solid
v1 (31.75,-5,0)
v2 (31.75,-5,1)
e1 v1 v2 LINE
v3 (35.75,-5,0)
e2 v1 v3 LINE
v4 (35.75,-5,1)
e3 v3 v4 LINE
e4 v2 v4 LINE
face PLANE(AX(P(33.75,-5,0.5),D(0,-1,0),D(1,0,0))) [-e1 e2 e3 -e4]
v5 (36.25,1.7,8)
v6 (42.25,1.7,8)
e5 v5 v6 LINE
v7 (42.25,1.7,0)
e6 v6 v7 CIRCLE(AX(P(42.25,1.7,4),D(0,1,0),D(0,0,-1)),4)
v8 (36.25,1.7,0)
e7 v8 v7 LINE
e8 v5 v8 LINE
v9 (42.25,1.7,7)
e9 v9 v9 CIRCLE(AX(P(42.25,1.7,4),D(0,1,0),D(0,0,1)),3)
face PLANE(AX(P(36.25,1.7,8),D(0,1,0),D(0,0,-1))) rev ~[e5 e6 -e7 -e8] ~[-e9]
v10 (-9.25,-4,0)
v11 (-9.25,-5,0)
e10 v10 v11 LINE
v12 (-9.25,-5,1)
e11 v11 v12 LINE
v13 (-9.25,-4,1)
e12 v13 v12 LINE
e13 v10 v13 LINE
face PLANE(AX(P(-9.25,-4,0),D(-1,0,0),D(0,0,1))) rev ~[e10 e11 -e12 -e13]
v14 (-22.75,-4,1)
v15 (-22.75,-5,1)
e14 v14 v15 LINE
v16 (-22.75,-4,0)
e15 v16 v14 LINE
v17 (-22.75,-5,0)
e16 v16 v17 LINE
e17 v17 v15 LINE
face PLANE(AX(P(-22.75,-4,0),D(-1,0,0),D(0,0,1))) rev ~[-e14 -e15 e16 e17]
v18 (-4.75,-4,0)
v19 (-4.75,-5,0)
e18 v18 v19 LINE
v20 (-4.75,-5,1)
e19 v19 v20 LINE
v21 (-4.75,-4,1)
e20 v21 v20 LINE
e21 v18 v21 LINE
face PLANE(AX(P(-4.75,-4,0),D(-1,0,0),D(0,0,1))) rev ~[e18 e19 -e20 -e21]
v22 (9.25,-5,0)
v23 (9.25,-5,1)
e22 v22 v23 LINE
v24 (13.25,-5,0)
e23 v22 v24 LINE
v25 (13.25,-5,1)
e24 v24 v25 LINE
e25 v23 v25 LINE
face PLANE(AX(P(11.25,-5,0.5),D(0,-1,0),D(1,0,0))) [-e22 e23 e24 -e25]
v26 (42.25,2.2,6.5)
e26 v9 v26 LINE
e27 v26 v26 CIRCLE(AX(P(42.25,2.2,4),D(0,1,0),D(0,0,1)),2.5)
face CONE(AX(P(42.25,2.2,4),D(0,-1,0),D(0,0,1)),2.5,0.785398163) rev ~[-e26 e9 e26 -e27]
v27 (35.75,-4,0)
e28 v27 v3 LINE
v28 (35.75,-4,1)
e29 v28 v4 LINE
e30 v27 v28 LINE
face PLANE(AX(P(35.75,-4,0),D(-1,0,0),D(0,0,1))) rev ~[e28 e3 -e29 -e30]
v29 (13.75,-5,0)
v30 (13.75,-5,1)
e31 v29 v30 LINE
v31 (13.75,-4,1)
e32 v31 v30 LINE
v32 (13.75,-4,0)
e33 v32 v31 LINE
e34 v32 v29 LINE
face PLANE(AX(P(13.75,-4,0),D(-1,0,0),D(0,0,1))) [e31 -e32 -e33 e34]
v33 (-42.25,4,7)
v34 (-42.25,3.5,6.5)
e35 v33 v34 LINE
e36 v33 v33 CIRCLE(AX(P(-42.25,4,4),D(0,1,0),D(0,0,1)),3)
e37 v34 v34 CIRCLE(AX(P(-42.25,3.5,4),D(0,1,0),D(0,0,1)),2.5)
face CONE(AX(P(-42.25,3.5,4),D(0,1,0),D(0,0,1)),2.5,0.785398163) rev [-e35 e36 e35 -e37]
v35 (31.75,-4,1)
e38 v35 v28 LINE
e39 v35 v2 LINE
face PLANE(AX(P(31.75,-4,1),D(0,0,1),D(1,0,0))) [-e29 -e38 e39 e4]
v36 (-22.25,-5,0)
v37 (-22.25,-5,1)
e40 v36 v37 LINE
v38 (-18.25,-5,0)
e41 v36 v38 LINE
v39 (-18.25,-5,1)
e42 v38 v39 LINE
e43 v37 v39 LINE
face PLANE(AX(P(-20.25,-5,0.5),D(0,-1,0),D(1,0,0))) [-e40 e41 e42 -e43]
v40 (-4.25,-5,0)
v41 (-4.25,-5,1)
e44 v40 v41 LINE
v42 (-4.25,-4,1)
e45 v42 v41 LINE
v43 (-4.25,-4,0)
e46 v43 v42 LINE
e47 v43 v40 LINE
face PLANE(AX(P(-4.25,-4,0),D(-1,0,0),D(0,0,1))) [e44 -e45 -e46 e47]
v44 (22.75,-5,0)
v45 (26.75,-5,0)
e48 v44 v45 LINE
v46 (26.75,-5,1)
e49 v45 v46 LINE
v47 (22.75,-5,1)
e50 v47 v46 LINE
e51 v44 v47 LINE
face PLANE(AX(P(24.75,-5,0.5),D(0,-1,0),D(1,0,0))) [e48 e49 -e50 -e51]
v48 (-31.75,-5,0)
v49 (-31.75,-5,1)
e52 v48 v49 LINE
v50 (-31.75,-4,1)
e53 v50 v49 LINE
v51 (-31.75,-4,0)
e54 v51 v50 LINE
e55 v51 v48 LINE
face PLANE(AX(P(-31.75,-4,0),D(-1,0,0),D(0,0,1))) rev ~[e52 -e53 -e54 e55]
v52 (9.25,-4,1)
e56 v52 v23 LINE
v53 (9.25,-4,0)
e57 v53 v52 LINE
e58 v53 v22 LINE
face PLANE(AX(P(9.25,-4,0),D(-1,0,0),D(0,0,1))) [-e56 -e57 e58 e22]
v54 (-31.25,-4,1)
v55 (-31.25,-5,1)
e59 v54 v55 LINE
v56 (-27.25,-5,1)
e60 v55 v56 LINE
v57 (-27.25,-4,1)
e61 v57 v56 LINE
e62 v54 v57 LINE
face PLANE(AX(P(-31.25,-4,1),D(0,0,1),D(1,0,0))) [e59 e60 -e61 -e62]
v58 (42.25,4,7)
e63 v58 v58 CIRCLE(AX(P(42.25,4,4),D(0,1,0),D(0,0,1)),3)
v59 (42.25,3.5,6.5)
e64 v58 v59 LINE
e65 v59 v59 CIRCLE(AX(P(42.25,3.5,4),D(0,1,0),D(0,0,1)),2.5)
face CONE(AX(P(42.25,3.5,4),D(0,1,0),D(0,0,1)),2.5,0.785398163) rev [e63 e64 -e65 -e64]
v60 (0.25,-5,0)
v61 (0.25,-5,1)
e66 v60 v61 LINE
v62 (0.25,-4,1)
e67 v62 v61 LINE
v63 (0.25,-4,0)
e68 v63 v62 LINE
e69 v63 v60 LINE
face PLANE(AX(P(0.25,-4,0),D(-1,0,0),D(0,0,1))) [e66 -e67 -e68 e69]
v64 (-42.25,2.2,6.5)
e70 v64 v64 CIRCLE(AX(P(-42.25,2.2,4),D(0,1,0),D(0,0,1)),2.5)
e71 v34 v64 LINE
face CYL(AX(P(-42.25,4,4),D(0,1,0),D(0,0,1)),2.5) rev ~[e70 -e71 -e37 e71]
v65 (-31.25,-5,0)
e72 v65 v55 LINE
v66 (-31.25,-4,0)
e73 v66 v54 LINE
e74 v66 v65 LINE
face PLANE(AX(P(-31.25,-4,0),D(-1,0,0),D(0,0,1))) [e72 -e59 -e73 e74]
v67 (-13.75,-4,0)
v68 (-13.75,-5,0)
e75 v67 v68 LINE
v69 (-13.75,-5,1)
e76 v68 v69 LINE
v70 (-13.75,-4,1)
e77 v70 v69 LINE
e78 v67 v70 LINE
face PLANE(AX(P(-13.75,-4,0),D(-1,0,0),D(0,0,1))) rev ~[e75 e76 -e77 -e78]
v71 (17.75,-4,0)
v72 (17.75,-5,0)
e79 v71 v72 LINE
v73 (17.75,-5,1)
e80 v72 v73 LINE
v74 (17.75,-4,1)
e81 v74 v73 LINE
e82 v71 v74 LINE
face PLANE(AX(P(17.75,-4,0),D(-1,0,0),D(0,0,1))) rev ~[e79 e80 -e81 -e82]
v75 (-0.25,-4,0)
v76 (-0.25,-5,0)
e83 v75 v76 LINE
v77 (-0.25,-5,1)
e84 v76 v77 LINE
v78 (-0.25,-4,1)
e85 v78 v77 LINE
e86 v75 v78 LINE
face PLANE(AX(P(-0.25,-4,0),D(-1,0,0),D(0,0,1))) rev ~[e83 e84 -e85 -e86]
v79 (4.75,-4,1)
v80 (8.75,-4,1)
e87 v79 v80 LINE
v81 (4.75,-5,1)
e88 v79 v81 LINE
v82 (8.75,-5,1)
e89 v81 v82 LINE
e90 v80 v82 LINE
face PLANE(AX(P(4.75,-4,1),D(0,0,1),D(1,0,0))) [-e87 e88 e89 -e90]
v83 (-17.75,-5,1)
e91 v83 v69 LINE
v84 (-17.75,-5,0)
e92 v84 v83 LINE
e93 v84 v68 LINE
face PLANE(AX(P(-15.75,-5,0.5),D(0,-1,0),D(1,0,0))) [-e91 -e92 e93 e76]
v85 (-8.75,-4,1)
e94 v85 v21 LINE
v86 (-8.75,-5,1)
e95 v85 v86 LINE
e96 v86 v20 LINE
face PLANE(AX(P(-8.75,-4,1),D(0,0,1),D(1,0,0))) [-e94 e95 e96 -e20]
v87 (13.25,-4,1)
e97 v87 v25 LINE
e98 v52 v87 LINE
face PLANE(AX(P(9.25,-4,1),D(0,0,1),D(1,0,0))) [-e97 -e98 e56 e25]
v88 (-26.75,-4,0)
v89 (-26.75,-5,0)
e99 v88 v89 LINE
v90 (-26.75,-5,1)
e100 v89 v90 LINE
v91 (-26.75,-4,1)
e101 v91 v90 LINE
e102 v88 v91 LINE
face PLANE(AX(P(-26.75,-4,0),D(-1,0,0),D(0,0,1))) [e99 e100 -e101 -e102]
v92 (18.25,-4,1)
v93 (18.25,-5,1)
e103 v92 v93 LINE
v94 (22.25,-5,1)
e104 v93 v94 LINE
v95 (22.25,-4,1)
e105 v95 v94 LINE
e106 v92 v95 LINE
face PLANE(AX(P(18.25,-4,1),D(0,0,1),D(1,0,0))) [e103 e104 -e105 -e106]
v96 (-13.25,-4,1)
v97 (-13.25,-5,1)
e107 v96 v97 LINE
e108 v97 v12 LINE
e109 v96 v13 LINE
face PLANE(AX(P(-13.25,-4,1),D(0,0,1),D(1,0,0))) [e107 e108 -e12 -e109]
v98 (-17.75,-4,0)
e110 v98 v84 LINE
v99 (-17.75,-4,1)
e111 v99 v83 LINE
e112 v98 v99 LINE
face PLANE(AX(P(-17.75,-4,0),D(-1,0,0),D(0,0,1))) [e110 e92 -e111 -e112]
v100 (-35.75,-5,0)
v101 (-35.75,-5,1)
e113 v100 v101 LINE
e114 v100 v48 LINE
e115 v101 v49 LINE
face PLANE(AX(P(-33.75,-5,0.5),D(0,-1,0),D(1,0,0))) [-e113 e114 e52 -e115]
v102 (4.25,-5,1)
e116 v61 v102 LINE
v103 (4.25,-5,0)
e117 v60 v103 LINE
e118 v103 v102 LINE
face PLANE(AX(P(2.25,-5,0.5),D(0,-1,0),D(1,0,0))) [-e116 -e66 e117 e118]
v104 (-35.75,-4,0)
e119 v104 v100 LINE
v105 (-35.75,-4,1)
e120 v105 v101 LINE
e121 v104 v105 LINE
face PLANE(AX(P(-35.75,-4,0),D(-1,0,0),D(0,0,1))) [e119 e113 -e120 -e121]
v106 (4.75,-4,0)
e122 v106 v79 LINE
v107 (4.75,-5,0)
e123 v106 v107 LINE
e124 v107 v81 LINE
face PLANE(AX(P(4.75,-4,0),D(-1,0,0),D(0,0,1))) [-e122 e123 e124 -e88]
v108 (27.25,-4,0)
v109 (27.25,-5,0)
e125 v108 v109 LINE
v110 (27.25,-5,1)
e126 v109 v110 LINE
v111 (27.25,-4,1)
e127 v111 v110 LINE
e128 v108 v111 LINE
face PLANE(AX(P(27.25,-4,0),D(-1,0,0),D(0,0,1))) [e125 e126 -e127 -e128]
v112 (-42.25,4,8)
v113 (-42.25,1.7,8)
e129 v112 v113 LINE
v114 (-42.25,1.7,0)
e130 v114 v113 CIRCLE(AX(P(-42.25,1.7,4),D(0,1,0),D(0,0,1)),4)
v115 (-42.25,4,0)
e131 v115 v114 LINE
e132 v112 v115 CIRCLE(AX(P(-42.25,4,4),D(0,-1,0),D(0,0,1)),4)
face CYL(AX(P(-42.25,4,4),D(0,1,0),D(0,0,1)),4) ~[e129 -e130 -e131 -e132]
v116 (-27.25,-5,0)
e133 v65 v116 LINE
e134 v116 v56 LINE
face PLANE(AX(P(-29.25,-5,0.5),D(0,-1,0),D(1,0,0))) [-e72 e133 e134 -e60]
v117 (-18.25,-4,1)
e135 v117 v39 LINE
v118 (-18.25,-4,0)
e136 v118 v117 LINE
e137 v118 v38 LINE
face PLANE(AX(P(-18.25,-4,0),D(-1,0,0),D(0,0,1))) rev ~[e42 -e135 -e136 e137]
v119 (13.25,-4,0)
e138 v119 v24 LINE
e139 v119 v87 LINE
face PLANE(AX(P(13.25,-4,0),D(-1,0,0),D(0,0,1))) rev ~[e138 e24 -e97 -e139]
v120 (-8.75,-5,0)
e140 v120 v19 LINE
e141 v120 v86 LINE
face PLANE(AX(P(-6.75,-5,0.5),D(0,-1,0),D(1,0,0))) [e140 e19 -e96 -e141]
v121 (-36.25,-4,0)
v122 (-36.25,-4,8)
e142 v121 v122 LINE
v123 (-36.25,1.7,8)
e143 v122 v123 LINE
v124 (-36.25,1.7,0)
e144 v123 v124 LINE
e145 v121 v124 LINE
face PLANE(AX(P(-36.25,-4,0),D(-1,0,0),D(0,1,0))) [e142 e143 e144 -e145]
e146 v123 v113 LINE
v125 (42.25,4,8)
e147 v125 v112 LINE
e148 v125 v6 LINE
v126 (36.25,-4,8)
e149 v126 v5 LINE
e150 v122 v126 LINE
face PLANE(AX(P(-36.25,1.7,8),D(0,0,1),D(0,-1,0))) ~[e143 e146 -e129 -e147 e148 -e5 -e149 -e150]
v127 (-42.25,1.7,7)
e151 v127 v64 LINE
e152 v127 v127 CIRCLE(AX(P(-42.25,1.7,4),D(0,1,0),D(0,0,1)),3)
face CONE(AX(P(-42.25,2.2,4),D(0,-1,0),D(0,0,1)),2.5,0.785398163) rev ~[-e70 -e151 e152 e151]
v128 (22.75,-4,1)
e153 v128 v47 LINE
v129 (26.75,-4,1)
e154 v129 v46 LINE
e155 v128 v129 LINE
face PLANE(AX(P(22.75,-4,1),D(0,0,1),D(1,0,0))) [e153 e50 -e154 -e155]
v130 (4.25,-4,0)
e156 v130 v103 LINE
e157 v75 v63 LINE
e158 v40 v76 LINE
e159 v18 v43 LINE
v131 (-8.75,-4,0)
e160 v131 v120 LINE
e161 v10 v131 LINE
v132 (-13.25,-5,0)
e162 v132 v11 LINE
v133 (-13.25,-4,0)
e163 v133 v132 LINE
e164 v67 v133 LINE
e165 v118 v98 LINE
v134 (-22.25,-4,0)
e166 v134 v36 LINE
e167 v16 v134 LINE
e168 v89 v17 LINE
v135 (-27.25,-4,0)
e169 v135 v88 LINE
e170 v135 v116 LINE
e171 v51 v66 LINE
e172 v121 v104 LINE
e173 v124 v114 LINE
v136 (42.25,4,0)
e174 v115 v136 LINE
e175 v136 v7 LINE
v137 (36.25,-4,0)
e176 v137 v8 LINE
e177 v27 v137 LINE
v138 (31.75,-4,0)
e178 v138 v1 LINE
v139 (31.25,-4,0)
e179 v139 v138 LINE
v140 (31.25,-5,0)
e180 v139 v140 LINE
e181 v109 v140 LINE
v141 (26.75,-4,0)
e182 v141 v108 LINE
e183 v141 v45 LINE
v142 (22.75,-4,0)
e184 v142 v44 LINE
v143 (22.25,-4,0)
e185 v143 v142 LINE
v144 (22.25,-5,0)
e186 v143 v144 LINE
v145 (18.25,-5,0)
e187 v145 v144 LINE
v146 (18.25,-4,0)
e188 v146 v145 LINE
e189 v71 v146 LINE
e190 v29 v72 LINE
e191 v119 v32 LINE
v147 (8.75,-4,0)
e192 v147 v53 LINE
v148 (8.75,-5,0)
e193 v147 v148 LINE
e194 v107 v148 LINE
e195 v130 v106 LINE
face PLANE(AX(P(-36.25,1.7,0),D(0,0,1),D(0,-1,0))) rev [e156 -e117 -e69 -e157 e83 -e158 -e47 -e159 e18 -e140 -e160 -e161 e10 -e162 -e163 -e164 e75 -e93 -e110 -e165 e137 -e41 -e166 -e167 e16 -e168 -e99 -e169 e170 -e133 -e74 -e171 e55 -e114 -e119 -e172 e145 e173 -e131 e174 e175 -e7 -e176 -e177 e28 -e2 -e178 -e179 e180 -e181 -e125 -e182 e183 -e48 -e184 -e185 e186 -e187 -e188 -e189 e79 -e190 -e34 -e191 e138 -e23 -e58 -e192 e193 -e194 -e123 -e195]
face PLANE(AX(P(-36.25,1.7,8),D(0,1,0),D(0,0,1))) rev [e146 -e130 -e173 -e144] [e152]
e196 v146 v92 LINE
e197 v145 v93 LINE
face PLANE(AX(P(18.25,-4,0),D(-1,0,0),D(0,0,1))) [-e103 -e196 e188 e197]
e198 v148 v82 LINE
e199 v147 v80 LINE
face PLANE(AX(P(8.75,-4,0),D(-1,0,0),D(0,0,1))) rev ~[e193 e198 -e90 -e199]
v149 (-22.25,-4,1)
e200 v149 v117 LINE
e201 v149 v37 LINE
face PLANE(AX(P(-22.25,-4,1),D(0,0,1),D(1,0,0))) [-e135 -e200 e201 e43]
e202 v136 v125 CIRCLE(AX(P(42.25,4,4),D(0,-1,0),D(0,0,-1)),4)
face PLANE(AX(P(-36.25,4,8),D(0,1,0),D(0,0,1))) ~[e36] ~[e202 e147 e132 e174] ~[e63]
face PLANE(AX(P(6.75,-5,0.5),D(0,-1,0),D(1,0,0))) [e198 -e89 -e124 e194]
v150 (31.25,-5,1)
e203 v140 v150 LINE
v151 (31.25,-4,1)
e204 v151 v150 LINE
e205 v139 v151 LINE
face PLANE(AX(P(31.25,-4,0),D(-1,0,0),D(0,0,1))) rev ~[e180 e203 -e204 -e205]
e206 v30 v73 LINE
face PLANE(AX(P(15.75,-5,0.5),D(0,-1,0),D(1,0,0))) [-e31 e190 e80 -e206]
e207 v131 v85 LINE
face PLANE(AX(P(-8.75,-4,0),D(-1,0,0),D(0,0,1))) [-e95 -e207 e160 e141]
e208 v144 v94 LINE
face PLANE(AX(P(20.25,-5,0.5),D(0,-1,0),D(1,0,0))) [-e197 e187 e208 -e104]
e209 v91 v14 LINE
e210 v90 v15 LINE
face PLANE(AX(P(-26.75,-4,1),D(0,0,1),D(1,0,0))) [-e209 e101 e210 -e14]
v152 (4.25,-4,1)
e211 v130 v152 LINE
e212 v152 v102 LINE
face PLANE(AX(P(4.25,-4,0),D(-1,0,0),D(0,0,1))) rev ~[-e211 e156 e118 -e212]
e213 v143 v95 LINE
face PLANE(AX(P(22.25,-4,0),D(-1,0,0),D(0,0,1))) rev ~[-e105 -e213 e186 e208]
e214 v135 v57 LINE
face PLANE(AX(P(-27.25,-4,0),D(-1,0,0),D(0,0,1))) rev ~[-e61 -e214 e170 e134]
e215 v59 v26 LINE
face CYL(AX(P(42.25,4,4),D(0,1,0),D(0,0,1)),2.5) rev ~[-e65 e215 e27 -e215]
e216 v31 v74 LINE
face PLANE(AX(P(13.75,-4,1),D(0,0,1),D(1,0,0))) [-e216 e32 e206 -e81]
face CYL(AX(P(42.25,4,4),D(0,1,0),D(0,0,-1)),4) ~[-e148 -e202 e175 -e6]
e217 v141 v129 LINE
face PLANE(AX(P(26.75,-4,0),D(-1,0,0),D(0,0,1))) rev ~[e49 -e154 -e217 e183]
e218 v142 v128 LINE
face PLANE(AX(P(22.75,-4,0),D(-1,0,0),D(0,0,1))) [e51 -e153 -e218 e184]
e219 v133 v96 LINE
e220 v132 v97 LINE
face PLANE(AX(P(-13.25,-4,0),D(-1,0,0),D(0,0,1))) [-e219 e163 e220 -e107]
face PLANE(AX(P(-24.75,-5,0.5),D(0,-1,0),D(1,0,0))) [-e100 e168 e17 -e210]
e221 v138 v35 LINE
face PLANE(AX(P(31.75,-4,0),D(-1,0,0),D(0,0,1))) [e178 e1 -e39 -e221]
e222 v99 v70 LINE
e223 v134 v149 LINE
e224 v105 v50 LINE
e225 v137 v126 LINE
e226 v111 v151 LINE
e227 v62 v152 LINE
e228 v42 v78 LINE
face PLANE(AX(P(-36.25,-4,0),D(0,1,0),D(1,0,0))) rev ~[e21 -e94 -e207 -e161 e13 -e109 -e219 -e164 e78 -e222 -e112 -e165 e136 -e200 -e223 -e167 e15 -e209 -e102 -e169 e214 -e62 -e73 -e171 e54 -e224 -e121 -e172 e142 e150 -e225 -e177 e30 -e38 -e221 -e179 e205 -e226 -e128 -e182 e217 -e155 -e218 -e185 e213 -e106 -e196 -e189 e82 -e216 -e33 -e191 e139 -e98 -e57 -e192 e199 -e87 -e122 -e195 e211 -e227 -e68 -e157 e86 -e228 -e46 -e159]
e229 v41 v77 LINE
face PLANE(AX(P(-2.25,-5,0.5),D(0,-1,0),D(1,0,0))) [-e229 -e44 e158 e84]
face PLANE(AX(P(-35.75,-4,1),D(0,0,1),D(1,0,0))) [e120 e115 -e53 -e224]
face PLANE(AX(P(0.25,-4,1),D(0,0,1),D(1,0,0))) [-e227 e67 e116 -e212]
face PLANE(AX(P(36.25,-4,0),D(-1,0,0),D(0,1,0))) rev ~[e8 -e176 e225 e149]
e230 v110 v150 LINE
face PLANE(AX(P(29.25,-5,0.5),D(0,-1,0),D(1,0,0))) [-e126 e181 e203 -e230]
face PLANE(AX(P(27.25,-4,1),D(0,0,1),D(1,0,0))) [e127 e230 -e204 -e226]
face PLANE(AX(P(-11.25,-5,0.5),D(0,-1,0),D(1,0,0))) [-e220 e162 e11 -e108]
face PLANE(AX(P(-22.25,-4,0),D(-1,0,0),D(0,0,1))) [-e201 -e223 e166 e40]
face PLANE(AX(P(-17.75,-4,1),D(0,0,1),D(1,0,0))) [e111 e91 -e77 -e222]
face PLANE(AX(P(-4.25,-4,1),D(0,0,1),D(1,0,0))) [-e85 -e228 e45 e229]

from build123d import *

# Parameters (mm, degrees)
SKETCH1_W           = 72.5
SKETCH1_H           = 8
BOSS_EXTRUDE1_DEPTH = 8
SKETCH2_W           = 4
SKETCH2_H           = 1
EXTRUDE_THIN1_DEPTH = 1
LPATTERN1_COUNT     = 8
LPATTERN1_PITCH     = 4.5
LPATTERN1_COL_COUNT = 9
LPATTERN1_COL_PITCH = 4.5
SKETCH3_W           = 8
SKETCH3_H           = 2.3
BOSS_EXTRUDE2_DEPTH = 12
SKETCH4_OUTSIDE_W   = 117.95
SKETCH4_OUTSIDE_H   = 29.45
SKETCH4_OUTSIDE_R   = 2.5
CUT_EXTRUDE1_DEPTH  = 50.729895435
CHAMFER1_SIZE       = 0.5


with BuildPart() as part:
    # Sketch1 → Boss-Extrude1 (new body)
    with BuildSketch(Plane.XY):
        Rectangle(SKETCH1_W, SKETCH1_H)
    extrude(amount=BOSS_EXTRUDE1_DEPTH)

    # Sketch2 → Extrude-Thin1 (add)
    with BuildSketch(Plane.XZ.offset(4)):
        with Locations((-2.25, 0.5)):
            Rectangle(SKETCH2_W, SKETCH2_H)
    extrude_thin1 = extrude(amount=EXTRUDE_THIN1_DEPTH)

    # LPattern1: Extrude-Thin1 ×8
    with Locations(*[(-i * LPATTERN1_PITCH, 0, 0) for i in range(1, LPATTERN1_COUNT)]):
        add(extrude_thin1)

    # LPattern1 col: Extrude-Thin1 ×9
    with Locations(*[(i * LPATTERN1_COL_PITCH, 0, 0) for i in range(1, LPATTERN1_COL_COUNT)]):
        add(extrude_thin1)

    # Sketch3 → Boss-Extrude2 (add)
    with BuildSketch(Plane(origin=(36.25, 0, 0), x_dir=(0, 0, -1), z_dir=(1, 0, 0))):
        with Locations((-4, 2.85)):
            Rectangle(SKETCH3_W, SKETCH3_H)
    boss_extrude2 = extrude(amount=BOSS_EXTRUDE2_DEPTH)

    # Mirror1: Boss-Extrude2 across plane
    add(boss_extrude2.mirror(Plane(origin=(0, 0, 0), x_dir=(0, 0, 1), z_dir=(1, 0, 0))))

    # Sketch4 outside → Cut-Extrude1 (cut, through all)
    # profile 1 of 3: a face of its own
    with BuildSketch(Plane(origin=(0, 4, 0), x_dir=(1, 0, 0), z_dir=(0, 1, 0))):
        with Locations((0, -4)):
            Rectangle(SKETCH4_OUTSIDE_W, SKETCH4_OUTSIDE_H)
        with BuildLine():
            Line((-42.25, 0), (42.25, 0))
            ThreePointArc((42.25, 0), (46.25, -4), (42.25, -8))
            Line((42.25, -8), (-42.25, -8))
            ThreePointArc((-42.25, -8), (-46.25, -4), (-42.25, 0))
        make_face(mode=Mode.SUBTRACT)
    # profile 2 of 3: a face of its own
    with BuildSketch(Plane(origin=(0, 4, 0), x_dir=(1, 0, 0), z_dir=(0, 1, 0))):
        with Locations(Location((-42.25, -4, 0), (0, 0, 270))):
            Circle(SKETCH4_OUTSIDE_R)
    # profile 3 of 3: a face of its own
    with BuildSketch(Plane(origin=(0, 4, 0), x_dir=(1, 0, 0), z_dir=(0, 1, 0))):
        with Locations(Location((42.25, -4, 0), (0, 0, 270))):
            Circle(SKETCH4_OUTSIDE_R)
    extrude(amount=-CUT_EXTRUDE1_DEPTH, mode=Mode.SUBTRACT)

    # Chamfer1
    chamfer1_edges = [part.edges().sort_by_distance(p)[0] for p in [
        (42.25, 1.7, 1.5),
        (42.25, 4, 1.5),
        (-42.25, 1.7, 1.5),
        (-42.25, 4, 1.5),
    ]]
    chamfer(chamfer1_edges, length=CHAMFER1_SIZE)


solid = part.part
